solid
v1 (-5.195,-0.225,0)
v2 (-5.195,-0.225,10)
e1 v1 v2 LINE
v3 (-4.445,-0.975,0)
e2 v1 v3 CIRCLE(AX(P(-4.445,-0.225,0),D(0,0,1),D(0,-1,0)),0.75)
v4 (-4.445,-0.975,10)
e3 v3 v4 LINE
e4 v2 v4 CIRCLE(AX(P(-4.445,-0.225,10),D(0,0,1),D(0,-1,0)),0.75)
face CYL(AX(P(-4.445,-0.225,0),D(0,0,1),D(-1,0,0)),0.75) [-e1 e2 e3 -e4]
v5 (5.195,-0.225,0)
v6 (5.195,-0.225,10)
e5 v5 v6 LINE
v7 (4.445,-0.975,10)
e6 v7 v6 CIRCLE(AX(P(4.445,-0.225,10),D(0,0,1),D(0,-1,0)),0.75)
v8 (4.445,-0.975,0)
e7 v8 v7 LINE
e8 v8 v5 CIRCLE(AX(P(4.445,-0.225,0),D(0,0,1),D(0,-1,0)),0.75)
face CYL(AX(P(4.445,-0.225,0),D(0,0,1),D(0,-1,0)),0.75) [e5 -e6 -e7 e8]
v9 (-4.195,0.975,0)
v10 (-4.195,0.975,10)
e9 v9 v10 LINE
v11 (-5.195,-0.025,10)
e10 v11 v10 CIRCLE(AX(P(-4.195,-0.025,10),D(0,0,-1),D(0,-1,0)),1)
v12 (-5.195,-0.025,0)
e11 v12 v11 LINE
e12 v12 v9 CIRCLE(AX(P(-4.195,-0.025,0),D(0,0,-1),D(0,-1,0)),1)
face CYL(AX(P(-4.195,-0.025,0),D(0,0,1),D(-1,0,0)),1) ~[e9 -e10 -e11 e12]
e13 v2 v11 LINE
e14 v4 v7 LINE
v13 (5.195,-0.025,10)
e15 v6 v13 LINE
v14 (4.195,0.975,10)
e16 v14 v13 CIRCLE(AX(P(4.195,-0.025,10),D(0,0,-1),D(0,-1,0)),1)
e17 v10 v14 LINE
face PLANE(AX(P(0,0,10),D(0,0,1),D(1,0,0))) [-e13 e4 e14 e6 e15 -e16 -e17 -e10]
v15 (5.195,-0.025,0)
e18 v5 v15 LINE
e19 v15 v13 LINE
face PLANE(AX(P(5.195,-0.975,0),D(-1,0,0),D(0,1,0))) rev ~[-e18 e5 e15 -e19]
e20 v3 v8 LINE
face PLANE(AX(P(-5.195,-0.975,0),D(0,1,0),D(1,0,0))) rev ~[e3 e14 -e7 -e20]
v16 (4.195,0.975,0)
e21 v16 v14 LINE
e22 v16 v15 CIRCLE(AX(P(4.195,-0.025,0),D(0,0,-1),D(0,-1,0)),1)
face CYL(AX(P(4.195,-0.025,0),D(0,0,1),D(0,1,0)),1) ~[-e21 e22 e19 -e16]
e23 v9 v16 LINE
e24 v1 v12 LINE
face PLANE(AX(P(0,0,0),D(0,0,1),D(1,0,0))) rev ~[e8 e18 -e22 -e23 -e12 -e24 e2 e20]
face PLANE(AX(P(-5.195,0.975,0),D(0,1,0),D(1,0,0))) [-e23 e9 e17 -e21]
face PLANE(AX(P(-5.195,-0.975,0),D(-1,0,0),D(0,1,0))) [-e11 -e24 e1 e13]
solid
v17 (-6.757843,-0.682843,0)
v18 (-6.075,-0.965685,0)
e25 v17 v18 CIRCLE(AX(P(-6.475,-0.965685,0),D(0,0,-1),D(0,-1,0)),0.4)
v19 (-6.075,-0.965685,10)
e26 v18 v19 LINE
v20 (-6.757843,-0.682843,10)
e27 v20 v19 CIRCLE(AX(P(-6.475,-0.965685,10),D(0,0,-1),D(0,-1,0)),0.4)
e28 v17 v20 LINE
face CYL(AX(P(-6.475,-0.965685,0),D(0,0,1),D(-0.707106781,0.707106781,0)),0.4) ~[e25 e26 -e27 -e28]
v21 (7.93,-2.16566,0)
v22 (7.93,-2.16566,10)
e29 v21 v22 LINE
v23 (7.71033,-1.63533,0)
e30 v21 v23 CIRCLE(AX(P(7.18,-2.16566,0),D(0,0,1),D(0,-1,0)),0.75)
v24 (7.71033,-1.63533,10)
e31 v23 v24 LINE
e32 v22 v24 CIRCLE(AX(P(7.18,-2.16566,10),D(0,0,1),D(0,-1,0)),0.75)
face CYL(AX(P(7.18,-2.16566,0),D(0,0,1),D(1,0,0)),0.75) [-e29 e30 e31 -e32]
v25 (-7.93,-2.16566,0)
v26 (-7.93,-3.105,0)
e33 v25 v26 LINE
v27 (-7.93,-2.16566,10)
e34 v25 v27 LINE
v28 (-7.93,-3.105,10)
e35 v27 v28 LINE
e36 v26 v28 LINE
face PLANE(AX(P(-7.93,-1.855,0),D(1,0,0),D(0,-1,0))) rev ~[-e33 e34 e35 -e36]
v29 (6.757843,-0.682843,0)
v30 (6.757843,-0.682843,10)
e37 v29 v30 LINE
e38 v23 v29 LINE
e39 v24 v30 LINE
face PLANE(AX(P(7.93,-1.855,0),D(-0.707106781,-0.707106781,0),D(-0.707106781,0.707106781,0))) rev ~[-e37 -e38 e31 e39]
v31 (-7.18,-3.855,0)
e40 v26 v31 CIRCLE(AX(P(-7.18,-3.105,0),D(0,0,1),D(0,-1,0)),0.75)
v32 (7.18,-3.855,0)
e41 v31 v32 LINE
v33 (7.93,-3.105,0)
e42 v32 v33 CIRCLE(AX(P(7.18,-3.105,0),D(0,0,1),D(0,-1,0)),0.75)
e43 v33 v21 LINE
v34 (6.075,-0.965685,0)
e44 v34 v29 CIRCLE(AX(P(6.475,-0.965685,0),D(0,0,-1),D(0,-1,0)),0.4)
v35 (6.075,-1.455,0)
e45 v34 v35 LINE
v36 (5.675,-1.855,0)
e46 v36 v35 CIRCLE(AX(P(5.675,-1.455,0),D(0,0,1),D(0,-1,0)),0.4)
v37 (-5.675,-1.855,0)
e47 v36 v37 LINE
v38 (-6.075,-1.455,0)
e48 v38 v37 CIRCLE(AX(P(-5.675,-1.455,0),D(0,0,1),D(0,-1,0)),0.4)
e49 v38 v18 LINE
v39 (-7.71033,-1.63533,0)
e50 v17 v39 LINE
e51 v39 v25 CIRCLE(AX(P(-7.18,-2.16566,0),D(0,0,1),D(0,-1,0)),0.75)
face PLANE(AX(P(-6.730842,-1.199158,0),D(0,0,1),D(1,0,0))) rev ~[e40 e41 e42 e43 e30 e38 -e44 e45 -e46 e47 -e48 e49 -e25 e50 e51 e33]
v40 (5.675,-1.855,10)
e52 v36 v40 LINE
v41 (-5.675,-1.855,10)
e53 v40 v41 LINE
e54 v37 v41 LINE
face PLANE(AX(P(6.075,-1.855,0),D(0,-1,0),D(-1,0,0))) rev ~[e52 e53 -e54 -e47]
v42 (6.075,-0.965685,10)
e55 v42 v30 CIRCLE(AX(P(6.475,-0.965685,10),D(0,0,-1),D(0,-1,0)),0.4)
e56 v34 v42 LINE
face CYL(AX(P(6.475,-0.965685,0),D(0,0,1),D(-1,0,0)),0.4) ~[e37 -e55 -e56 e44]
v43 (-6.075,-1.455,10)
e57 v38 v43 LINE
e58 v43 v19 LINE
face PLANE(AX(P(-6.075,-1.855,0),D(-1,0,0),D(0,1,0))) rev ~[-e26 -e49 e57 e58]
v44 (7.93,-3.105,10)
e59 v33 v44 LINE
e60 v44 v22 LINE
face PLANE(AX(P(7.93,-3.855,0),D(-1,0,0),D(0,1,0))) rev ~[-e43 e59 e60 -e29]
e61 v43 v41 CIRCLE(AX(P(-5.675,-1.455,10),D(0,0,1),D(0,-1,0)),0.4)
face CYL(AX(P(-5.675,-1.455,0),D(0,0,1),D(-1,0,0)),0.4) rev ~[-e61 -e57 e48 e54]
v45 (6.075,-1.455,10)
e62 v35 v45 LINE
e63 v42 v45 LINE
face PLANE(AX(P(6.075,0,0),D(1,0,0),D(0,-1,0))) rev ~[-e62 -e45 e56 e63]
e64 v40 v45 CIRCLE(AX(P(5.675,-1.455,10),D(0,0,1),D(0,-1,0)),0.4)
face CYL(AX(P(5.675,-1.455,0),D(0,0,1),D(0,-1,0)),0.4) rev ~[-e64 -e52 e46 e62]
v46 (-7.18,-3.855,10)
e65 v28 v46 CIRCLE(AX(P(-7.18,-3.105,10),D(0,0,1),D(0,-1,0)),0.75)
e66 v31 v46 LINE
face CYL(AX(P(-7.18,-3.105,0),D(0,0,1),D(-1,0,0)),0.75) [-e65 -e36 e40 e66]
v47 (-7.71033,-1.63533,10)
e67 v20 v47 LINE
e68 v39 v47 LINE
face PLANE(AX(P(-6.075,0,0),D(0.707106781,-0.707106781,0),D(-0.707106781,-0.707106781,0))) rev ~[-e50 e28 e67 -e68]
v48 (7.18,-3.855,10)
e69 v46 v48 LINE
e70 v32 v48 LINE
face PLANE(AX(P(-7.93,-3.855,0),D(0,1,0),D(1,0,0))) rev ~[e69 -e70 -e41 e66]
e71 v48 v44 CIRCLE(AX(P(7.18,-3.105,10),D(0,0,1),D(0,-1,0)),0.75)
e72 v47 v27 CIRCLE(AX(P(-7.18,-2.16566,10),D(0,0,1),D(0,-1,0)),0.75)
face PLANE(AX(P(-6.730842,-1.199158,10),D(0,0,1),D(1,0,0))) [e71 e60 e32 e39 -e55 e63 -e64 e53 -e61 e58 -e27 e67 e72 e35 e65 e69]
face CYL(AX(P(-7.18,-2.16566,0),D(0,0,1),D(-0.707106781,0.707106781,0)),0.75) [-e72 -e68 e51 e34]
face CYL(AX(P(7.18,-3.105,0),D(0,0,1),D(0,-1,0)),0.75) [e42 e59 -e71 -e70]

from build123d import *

# Parameters (mm, degrees)
F0_W     = 10.39
F0_H     = 1.95
F1_DEPTH = 10
F2_R     = 0.75
F3_R     = 0.4
F4_R     = 1


with BuildPart() as f1:
    # F0 (on Top) → F1 (new body)
    with BuildSketch(Plane.XY):
        Rectangle(F0_W, F0_H)
        Polygon((-7.93, -1.855), (-6.075, -1.855), (-6.075, 0), align=None)
        Polygon((7.93, -1.855), (6.075, -1.855), (-6.075, -1.855), (-7.93, -1.855), (-7.93, -3.855), (7.93, -3.855), align=None)
        Polygon((6.075, 0), (6.075, -1.855), (7.93, -1.855), align=None)
    extrude(amount=F1_DEPTH)

    # F2
    f2_edges = [f1.edges().sort_by_distance(p)[0] for p in [
        (-5.195, -0.975, 5),
        (5.195, -0.975, 5),
        (-7.93, -3.855, 5),
        (7.93, -3.855, 5),
        (7.93, -1.855, 5),
        (-7.93, -1.855, 5),
    ]]
    fillet(f2_edges, radius=F2_R)

    # F3
    f3_edges = [f1.edges().sort_by_distance(p)[0] for p in [
        (-6.075, 0, 5),
        (6.075, 0, 5),
        (6.075, -1.855, 5),
        (-6.075, -1.855, 5),
    ]]
    fillet(f3_edges, radius=F3_R)

    # F4
    f4_edges = [f1.edges().sort_by_distance(p)[0] for p in [
        (-5.195, 0.975, 5),
        (5.195, 0.975, 5),
    ]]
    fillet(f4_edges, radius=F4_R)


solid = f1.part
